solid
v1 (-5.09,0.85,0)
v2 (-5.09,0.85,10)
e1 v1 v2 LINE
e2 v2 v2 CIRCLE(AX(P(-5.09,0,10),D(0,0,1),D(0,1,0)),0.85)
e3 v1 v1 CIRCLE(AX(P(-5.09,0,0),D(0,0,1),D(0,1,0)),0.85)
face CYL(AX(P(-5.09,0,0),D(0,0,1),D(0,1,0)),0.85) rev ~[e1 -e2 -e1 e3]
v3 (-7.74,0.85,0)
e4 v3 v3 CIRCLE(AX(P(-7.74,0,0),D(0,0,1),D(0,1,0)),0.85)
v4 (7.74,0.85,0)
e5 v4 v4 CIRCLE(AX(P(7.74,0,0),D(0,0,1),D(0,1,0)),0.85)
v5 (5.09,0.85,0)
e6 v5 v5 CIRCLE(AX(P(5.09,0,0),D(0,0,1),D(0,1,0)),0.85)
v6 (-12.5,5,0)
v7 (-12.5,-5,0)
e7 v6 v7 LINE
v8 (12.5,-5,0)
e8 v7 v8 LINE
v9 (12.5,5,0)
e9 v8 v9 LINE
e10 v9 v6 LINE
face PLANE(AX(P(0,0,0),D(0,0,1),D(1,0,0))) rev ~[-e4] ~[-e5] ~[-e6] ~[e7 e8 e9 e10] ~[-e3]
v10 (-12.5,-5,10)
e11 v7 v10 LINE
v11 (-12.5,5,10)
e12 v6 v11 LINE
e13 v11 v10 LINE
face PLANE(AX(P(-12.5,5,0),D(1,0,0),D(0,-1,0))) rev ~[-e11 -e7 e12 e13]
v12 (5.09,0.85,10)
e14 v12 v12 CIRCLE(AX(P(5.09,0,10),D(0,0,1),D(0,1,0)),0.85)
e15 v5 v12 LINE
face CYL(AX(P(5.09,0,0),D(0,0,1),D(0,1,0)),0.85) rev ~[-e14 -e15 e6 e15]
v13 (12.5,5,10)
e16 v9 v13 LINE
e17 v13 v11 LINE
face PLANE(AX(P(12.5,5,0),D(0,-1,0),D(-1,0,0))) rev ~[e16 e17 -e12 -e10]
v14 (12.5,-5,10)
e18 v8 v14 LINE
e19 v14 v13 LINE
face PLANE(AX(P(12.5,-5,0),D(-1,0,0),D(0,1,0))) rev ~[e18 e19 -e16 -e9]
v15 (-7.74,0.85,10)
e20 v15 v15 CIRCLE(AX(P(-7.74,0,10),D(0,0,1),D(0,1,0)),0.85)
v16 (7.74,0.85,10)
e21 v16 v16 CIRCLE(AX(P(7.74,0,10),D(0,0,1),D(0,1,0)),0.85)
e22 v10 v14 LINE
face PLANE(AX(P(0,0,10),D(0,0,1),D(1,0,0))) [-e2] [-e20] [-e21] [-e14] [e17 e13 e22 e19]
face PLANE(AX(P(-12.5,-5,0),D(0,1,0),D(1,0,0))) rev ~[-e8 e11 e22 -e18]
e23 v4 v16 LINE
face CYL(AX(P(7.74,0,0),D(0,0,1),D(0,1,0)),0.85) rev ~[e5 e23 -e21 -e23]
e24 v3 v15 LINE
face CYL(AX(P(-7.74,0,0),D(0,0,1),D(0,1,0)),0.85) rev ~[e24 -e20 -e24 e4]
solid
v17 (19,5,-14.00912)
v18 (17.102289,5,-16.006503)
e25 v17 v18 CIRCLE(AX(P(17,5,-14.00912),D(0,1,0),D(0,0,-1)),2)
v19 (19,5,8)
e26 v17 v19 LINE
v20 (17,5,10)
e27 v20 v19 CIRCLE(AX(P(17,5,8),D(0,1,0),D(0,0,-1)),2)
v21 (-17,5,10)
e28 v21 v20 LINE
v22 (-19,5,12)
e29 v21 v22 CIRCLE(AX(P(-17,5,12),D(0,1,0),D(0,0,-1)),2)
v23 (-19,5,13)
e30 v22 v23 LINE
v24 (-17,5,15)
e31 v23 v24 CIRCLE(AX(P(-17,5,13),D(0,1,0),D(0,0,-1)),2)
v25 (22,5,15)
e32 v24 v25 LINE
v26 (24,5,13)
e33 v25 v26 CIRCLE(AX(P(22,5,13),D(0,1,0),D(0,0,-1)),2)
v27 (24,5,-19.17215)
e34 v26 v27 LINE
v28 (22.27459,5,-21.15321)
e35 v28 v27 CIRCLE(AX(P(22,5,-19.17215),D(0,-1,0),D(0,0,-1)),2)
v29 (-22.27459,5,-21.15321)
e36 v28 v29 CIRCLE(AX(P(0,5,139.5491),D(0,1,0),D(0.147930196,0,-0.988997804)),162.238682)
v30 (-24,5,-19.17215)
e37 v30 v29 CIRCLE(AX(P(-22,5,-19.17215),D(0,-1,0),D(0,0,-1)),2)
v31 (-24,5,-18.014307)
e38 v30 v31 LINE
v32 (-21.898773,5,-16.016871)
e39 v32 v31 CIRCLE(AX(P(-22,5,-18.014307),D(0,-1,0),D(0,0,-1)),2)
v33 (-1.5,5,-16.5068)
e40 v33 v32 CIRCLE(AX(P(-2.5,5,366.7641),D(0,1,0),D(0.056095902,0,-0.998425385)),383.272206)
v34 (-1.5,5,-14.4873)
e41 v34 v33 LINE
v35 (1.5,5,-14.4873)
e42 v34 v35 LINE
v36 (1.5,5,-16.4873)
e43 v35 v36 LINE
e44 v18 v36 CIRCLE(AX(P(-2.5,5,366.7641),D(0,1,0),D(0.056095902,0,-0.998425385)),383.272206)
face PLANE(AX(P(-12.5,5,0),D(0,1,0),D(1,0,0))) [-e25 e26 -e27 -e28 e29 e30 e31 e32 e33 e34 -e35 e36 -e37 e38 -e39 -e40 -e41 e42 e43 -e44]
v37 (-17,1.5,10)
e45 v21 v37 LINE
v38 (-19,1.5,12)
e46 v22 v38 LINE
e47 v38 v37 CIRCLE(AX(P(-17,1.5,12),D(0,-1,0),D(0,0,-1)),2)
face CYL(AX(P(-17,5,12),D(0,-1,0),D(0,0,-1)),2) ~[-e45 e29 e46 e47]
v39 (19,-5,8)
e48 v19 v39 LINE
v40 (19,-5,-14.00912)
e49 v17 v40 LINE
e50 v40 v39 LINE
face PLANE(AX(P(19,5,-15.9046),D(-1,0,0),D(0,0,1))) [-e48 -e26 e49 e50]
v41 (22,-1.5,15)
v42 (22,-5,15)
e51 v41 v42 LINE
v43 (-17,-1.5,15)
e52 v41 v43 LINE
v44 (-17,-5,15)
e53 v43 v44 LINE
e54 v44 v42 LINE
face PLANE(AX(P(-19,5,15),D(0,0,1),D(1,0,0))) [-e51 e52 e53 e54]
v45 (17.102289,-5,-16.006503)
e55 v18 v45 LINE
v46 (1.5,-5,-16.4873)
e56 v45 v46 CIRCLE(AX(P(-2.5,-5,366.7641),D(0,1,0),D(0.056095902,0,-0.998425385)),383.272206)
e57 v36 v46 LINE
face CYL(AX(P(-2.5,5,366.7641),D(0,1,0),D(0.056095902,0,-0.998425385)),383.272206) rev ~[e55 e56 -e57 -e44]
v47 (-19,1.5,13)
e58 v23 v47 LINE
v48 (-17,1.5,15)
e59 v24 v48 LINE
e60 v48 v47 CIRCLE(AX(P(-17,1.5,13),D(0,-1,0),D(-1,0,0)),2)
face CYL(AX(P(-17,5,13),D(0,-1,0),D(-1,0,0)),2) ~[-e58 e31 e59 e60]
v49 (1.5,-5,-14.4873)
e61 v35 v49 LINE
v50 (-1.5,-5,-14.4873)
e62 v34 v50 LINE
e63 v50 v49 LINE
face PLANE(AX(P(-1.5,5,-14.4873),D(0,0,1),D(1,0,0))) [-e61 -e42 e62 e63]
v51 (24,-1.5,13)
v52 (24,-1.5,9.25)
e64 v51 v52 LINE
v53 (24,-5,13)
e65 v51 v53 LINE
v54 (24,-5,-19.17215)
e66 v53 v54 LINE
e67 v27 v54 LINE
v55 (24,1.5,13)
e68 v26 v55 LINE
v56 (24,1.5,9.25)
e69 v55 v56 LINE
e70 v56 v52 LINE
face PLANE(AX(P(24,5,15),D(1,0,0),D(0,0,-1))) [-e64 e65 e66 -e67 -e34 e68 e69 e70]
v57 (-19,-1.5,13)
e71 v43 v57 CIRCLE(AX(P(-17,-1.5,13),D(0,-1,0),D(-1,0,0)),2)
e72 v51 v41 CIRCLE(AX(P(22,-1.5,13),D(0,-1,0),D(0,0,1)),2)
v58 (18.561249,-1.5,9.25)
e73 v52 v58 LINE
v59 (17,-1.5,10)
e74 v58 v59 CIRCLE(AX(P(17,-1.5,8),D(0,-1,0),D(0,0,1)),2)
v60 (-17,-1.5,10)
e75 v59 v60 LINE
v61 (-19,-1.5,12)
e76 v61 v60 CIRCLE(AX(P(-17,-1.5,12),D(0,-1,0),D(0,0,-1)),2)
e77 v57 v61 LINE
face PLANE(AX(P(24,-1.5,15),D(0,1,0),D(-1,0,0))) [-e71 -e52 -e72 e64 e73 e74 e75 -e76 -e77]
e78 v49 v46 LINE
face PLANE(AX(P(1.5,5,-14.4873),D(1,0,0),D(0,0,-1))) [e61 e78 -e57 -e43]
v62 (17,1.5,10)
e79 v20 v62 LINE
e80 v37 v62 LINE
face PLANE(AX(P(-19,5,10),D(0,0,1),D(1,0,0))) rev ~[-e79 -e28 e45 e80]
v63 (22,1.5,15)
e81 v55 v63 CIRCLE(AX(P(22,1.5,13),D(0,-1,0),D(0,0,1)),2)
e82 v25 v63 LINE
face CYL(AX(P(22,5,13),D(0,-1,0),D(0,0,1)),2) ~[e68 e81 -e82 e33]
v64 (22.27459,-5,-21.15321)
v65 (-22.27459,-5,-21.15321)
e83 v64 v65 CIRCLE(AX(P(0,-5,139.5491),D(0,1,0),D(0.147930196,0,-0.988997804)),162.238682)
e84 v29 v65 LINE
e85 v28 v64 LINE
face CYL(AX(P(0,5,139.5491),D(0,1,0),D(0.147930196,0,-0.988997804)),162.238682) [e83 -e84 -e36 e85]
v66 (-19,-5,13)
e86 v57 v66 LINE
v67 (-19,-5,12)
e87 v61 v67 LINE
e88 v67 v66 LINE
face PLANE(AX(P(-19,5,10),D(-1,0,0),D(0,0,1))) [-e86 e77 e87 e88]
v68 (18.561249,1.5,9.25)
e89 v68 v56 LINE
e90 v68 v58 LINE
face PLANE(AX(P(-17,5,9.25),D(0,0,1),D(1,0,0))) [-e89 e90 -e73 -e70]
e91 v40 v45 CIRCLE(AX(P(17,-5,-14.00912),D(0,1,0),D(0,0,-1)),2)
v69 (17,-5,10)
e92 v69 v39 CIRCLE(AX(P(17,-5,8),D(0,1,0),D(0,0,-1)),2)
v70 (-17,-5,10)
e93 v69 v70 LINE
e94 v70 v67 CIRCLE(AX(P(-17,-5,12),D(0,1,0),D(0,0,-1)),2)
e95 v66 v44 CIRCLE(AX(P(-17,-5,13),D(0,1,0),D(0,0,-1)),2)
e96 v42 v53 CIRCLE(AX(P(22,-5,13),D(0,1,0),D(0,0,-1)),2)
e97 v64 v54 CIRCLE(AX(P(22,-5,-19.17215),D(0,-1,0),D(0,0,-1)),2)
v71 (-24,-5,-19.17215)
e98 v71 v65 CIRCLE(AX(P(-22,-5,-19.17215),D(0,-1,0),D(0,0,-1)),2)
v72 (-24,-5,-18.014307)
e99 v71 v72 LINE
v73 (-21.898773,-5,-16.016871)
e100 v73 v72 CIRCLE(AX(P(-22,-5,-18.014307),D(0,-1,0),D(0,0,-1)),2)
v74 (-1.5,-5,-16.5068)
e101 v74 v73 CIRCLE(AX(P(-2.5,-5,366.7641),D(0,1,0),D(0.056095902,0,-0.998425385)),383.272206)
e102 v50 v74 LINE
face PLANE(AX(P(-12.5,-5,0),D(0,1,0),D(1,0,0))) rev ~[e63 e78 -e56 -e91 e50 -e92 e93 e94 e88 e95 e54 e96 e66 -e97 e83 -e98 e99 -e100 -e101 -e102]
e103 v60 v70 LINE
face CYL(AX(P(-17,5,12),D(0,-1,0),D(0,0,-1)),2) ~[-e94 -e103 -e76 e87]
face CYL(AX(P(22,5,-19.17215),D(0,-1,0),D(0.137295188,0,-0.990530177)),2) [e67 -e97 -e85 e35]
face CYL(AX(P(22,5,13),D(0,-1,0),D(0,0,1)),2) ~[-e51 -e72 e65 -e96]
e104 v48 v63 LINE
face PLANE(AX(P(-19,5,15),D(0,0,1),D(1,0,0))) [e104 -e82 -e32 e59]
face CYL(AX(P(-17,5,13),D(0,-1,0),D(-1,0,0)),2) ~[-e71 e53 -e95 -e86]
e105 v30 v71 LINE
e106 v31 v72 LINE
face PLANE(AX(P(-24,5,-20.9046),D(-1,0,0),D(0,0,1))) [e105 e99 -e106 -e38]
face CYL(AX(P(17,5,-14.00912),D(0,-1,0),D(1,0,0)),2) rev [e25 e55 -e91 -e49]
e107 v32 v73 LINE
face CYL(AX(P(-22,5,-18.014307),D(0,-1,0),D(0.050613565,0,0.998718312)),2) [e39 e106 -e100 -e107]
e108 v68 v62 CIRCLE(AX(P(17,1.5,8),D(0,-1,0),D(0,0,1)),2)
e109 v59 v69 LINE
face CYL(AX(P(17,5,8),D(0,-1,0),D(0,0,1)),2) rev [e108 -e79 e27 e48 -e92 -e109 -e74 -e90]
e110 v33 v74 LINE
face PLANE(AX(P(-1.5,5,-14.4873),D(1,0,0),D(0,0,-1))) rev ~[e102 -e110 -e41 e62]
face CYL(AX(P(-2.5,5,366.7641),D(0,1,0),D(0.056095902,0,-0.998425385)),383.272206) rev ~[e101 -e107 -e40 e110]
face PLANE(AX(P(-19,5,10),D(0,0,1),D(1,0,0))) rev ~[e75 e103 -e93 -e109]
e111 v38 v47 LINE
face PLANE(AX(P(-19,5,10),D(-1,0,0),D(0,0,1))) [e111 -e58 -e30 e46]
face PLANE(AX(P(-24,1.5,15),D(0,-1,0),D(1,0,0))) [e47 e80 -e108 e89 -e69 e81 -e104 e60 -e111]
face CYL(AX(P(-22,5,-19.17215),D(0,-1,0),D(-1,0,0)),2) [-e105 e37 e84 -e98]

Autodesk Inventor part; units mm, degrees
ref_plane "YZ Plane" through (0, 0, 0) normal (1, 0, 0) x (0, 1, 0)
ref_plane "XZ Plane" through (0, 0, 0) normal (0, 1, 0) x (-1, 0, 0)
ref_plane "XY Plane" through (0, 0, 0) normal (0, 0, 1) x (1, 0, 0)
sketch "Sketch1" plane through (0, 0, 0) normal (0, 0, 1) x (1, 0, 0)
  line L0 (-5.09, 0) -> (5.09, 0) construction
  line L1 (-7.74, 0) -> (-5.09, 0) construction
  line L2 (5.09, 0) -> (7.74, 0) construction
  line L3 (-12.5, -5) -> (12.5, -5)
  line L4 (12.5, -5) -> (12.5, 5)
  line L5 (12.5, 5) -> (-12.5, 5)
  line L6 (-12.5, 5) -> (-12.5, -5)
  point P0 (0, 0)
  point P1 (0, 0)
  point P2 (-12.5, 0)
  point P3 (0, 5)
  dimension "d0" = 2.65
  dimension "d1" = 12.83
  dimension "d2" = 25
  dimension "d3" = 10
extrude "Extrusion1" add sketch "Sketch1" along normal blind 10
hole "Hole1" at (-5.09, 0, 0) at (5.09, 0, 0) at (7.74, 0, 0) at (-7.74, 0, 0) direction (0, 0, 1) diameter 1.7 end through all
sketch "Sketch2" plane through (-12.5, 5, 0) normal (0, 1, 0) x (1, 0, 0)
  line L0 (25, 0) -> (0, 0) construction
  line L1 (0, 0) -> (0, -10) construction
  line L2 (25, -10) -> (0, -10) construction
  line L3 (25, 0) -> (25, -10) construction
  line L4 (-6.5, -10) -> (-6.5, -15)
  line L5 (-6.5, -15) -> (36.5, -15)
  line L6 (36.5, -15) -> (36.5, 20.9046)
  arc A0 (36.5, 20.9046) -> (-11.5, 20.9046) centre (12.5, -139.5491) ccw
  arc A1 (31.5, 15.9046) -> (-11.5, 15.9046) centre (10, -366.7641) ccw
  line L7 (-6.5, -10) -> (31.5, -10)
  line L8 (25, -10) -> (0, -10) projected
  line L9 (12.5, 0) -> (12.5, 16.5) construction
  line L10 (25, 0) -> (0, 0) projected
  line L11 (31.5, 15.9046) -> (31.5, -10)
  line L12 (-11.5, 20.9046) -> (-11.5, 15.9046)
  point P0 (12.5, -10)
  point P1 (12.5, -10)
  dimension "d13" = 38
  dimension "d15" = 5
  dimension "d16" = 5
  dimension "d18" = 16.5
  dimension "d19" = 5
  dimension "d20" = 383.2723
  dimension "d21" = 162.2388
extrude "Extrusion2" add sketch "Sketch2" against normal up to surface (10 mm away) separate body
sketch "Sketch3" plane through (-12.5, 5, 0) normal (0, 1, 0) x (1, 0, 0)
  arc A0 (31.5, 15.9046) -> (-11.5, 15.9046) centre (10, -366.7641) ccw projected
  line L0 (11, 14.4873) -> (14, 14.4873)
  line L1 (14, 14.4873) -> (14, 16.4873)
  line L2 (11, 14.4873) -> (11, 16.5068)
  line L3 (25, 0) -> (0, 0) projected
  point P0 (12.5, 0)
  point P1 (12.5, 14.4873)
  point P2 (12.5, 0)
  dimension "d24" = 2
  dimension "d25" = 3
extrude "Extrusion3" add sketch "Sketch3" against normal up to surface (10 mm away) bodies 2
fillet "Fillet1" radius 2 8 edges at (19, 0, -15.9046) (19, 0, 10) (24, 0, 15) (24, 0, -20.9046) (-24, 0, -15.9046) (-24, 0, -20.9046) (-19, 0, 10) (-19, 0, 15)
sketch "Sketch4" plane through (-17, 5, 15) normal (0, 0, 1) x (1, 0, 0)
  line L0 (0, -10) -> (0, 0) construction
  line L1 (0, -10) -> (39, -10) construction
  line L2 (39, 0) -> (39, -10) construction
  line L3 (0, 0) -> (39, 0) construction
  line L4 (-7, -3.5) -> (41, -3.5)
  line L5 (41, -3.5) -> (41, -6.5)
  line L6 (41, -6.5) -> (-7, -6.5)
  line L7 (-7, -6.5) -> (-7, -3.5)
  line L8 (41, -10) -> (41, 0) projected
  line L9 (-7, 0) -> (-7, -10) projected
  point P0 (17, -5)
  point P1 (41, -5)
  point P2 (39, -5)
  dimension "d29" = 3
extrude "Extrusion4" cut sketch "Sketch4" against normal blind 5.75 bodies 2
properties part number "pogo-holder-base"
